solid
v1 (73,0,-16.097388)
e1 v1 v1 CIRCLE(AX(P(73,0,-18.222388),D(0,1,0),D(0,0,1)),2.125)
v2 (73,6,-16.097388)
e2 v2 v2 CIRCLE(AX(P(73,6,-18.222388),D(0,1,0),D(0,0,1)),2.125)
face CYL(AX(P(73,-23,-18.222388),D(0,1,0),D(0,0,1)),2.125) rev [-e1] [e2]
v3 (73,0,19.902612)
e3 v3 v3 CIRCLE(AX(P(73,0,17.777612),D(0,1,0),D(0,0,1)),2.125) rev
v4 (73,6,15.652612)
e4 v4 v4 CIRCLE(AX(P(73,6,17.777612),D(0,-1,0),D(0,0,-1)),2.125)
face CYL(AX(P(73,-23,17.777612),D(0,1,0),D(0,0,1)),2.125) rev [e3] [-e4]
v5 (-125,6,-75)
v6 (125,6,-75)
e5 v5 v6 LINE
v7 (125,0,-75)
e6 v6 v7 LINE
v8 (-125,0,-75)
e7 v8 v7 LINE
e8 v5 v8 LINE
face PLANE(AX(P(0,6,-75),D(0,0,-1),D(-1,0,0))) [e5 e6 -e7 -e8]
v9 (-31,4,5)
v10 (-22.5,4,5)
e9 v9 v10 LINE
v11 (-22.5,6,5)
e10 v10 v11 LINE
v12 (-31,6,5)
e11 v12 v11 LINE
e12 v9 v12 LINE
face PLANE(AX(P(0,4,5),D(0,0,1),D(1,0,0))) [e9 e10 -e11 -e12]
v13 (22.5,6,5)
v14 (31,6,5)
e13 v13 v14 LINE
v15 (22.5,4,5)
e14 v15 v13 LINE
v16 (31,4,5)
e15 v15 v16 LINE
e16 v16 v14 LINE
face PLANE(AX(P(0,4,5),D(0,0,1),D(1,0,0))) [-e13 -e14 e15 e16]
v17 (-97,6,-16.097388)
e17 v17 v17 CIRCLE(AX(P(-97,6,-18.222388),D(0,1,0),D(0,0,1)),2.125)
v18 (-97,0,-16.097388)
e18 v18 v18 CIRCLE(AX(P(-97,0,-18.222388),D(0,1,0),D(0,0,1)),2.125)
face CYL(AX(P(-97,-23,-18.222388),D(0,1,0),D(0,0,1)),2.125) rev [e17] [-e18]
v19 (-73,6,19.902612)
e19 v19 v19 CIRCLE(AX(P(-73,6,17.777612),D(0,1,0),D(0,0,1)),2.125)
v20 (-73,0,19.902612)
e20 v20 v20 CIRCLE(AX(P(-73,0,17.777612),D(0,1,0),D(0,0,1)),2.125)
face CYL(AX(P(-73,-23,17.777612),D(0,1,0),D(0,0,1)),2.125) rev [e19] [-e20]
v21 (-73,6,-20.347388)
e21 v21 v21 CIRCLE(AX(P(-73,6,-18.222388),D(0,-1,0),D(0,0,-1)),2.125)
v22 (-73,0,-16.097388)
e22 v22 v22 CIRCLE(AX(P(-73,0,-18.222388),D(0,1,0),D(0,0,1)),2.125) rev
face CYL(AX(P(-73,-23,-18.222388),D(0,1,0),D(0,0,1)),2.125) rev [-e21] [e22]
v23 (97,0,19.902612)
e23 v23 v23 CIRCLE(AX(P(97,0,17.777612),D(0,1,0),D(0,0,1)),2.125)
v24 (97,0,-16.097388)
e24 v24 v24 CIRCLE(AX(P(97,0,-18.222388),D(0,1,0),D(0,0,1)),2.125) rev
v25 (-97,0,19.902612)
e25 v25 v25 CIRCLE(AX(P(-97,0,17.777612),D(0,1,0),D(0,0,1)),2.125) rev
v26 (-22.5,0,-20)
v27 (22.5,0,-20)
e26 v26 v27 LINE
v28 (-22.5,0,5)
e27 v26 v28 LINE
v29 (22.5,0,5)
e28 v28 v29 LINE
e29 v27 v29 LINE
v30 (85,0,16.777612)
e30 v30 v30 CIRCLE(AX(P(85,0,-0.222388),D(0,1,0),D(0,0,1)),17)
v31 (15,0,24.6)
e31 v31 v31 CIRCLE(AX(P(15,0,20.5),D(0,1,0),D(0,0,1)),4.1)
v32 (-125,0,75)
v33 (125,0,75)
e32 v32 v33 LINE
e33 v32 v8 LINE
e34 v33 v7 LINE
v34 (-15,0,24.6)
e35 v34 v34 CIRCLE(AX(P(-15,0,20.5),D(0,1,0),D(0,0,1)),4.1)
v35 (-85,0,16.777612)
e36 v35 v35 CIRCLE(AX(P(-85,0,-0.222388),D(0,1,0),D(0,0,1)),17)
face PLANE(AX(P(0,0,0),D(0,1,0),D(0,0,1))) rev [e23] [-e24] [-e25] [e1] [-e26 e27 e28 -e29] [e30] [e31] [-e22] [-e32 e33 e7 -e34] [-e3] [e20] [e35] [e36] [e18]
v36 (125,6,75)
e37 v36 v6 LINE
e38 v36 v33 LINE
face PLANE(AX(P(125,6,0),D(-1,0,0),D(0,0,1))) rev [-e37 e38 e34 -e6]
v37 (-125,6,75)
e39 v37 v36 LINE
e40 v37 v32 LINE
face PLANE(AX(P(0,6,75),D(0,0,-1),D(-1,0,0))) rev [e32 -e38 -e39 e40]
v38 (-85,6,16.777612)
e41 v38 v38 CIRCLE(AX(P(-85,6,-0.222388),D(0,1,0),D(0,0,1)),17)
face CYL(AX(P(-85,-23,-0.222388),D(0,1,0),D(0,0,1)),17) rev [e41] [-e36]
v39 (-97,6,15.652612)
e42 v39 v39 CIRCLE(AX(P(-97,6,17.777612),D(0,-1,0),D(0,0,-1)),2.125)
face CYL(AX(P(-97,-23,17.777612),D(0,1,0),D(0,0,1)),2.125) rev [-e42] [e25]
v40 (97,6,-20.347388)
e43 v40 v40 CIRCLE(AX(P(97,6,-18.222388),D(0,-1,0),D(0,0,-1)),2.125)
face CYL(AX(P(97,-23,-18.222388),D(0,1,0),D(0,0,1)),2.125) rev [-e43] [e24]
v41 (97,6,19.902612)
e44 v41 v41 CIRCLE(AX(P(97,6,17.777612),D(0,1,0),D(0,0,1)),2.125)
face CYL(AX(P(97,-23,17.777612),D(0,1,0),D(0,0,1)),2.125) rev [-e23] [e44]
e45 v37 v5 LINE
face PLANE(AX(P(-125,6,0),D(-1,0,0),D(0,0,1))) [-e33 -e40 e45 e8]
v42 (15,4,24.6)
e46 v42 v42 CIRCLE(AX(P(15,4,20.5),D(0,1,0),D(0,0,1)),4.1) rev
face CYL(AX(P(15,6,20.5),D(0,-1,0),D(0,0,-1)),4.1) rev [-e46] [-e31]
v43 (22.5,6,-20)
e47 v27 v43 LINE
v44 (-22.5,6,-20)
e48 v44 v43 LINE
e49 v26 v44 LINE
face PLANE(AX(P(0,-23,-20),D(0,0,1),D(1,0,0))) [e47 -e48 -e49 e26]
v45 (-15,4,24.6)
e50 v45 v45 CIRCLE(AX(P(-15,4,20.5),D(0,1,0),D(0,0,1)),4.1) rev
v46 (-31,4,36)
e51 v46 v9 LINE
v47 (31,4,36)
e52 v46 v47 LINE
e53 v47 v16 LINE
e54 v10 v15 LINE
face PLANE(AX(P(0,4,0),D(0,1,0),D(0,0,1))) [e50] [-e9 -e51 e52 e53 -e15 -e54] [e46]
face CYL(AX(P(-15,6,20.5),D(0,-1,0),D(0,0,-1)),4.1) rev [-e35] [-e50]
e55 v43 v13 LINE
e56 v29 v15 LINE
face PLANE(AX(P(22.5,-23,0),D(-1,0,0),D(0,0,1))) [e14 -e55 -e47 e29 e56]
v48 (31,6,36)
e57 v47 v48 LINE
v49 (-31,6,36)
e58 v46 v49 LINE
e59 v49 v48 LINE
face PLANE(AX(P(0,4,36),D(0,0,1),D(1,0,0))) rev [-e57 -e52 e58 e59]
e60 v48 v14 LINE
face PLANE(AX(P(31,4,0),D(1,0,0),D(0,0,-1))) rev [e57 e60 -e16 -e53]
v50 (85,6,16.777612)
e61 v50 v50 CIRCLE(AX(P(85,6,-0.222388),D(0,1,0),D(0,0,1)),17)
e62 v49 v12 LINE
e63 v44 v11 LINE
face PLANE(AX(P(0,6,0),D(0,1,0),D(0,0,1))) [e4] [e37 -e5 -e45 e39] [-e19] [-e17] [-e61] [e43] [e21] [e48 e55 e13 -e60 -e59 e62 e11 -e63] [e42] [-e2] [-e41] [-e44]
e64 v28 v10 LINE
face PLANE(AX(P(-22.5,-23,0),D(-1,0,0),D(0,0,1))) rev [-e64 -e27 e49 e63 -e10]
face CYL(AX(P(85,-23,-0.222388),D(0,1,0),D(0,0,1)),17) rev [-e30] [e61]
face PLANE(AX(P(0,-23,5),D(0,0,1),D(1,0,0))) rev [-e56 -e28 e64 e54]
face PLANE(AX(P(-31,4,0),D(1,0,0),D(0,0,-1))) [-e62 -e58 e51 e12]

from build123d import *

# Parameters (mm, degrees)
SKETCH1_W           = 250
SKETCH1_H           = 150
SKETCH1_R           = 4.1
BOSS_EXTRUDE1_DEPTH = 6
SKETCH2_W           = 62
SKETCH2_H           = 31
CUT_EXTRUDE1_DEPTH  = 2
SKETCH3_R           = 17
SKETCH3_R_2         = 2.125
CUT_EXTRUDE3_DEPTH  = 29


with BuildPart() as part:
    # Sketch1 → Boss-Extrude1 (new body)
    with BuildSketch(Plane(origin=(0, 0, 0), x_dir=(1, 0, 0), z_dir=(0, 1, 0))):
        Rectangle(SKETCH1_W, SKETCH1_H)
        with Locations((15, -20.5)):
            Circle(SKETCH1_R, mode=Mode.SUBTRACT)
        with Locations((-15, -20.5)):
            Circle(SKETCH1_R, mode=Mode.SUBTRACT)
    extrude(amount=BOSS_EXTRUDE1_DEPTH)

    # Sketch2 → Cut-Extrude1 (cut)
    with BuildSketch(Plane(origin=(0, 6, 0), x_dir=(1, 0, 0), z_dir=(0, 1, 0))):
        with Locations((0, -20.5)):
            Rectangle(SKETCH2_W, SKETCH2_H)
    extrude(amount=-CUT_EXTRUDE1_DEPTH, mode=Mode.SUBTRACT)

    # Sketch3 → Cut-Extrude3 (cut)
    with BuildSketch(Plane(origin=(0, 6, 0), x_dir=(1, 0, 0), z_dir=(0, 1, 0))):
        Polygon((22.5, 20), (-22.5, 20), (-22.5, -5), (0, -5), (22.5, -5), align=None)
        with Locations((-85, 0.222388038)):
            Circle(SKETCH3_R)
        with Locations((85, 0.222388038)):
            Circle(SKETCH3_R)
        with Locations((-97, 18.222388038)):
            Circle(SKETCH3_R_2)
        with Locations((-97, -17.777611962)):
            Circle(SKETCH3_R_2)
        with Locations((-73, -17.777611962)):
            Circle(SKETCH3_R_2)
        with Locations((-73, 18.222388038)):
            Circle(SKETCH3_R_2)
        with Locations((73, -17.777611962)):
            Circle(SKETCH3_R_2)
        with Locations((97, -17.777611962)):
            Circle(SKETCH3_R_2)
        with Locations((97, 18.222388038)):
            Circle(SKETCH3_R_2)
        with Locations((73, 18.222388038)):
            Circle(SKETCH3_R_2)
    extrude(amount=-CUT_EXTRUDE3_DEPTH, mode=Mode.SUBTRACT)


solid = part.part
